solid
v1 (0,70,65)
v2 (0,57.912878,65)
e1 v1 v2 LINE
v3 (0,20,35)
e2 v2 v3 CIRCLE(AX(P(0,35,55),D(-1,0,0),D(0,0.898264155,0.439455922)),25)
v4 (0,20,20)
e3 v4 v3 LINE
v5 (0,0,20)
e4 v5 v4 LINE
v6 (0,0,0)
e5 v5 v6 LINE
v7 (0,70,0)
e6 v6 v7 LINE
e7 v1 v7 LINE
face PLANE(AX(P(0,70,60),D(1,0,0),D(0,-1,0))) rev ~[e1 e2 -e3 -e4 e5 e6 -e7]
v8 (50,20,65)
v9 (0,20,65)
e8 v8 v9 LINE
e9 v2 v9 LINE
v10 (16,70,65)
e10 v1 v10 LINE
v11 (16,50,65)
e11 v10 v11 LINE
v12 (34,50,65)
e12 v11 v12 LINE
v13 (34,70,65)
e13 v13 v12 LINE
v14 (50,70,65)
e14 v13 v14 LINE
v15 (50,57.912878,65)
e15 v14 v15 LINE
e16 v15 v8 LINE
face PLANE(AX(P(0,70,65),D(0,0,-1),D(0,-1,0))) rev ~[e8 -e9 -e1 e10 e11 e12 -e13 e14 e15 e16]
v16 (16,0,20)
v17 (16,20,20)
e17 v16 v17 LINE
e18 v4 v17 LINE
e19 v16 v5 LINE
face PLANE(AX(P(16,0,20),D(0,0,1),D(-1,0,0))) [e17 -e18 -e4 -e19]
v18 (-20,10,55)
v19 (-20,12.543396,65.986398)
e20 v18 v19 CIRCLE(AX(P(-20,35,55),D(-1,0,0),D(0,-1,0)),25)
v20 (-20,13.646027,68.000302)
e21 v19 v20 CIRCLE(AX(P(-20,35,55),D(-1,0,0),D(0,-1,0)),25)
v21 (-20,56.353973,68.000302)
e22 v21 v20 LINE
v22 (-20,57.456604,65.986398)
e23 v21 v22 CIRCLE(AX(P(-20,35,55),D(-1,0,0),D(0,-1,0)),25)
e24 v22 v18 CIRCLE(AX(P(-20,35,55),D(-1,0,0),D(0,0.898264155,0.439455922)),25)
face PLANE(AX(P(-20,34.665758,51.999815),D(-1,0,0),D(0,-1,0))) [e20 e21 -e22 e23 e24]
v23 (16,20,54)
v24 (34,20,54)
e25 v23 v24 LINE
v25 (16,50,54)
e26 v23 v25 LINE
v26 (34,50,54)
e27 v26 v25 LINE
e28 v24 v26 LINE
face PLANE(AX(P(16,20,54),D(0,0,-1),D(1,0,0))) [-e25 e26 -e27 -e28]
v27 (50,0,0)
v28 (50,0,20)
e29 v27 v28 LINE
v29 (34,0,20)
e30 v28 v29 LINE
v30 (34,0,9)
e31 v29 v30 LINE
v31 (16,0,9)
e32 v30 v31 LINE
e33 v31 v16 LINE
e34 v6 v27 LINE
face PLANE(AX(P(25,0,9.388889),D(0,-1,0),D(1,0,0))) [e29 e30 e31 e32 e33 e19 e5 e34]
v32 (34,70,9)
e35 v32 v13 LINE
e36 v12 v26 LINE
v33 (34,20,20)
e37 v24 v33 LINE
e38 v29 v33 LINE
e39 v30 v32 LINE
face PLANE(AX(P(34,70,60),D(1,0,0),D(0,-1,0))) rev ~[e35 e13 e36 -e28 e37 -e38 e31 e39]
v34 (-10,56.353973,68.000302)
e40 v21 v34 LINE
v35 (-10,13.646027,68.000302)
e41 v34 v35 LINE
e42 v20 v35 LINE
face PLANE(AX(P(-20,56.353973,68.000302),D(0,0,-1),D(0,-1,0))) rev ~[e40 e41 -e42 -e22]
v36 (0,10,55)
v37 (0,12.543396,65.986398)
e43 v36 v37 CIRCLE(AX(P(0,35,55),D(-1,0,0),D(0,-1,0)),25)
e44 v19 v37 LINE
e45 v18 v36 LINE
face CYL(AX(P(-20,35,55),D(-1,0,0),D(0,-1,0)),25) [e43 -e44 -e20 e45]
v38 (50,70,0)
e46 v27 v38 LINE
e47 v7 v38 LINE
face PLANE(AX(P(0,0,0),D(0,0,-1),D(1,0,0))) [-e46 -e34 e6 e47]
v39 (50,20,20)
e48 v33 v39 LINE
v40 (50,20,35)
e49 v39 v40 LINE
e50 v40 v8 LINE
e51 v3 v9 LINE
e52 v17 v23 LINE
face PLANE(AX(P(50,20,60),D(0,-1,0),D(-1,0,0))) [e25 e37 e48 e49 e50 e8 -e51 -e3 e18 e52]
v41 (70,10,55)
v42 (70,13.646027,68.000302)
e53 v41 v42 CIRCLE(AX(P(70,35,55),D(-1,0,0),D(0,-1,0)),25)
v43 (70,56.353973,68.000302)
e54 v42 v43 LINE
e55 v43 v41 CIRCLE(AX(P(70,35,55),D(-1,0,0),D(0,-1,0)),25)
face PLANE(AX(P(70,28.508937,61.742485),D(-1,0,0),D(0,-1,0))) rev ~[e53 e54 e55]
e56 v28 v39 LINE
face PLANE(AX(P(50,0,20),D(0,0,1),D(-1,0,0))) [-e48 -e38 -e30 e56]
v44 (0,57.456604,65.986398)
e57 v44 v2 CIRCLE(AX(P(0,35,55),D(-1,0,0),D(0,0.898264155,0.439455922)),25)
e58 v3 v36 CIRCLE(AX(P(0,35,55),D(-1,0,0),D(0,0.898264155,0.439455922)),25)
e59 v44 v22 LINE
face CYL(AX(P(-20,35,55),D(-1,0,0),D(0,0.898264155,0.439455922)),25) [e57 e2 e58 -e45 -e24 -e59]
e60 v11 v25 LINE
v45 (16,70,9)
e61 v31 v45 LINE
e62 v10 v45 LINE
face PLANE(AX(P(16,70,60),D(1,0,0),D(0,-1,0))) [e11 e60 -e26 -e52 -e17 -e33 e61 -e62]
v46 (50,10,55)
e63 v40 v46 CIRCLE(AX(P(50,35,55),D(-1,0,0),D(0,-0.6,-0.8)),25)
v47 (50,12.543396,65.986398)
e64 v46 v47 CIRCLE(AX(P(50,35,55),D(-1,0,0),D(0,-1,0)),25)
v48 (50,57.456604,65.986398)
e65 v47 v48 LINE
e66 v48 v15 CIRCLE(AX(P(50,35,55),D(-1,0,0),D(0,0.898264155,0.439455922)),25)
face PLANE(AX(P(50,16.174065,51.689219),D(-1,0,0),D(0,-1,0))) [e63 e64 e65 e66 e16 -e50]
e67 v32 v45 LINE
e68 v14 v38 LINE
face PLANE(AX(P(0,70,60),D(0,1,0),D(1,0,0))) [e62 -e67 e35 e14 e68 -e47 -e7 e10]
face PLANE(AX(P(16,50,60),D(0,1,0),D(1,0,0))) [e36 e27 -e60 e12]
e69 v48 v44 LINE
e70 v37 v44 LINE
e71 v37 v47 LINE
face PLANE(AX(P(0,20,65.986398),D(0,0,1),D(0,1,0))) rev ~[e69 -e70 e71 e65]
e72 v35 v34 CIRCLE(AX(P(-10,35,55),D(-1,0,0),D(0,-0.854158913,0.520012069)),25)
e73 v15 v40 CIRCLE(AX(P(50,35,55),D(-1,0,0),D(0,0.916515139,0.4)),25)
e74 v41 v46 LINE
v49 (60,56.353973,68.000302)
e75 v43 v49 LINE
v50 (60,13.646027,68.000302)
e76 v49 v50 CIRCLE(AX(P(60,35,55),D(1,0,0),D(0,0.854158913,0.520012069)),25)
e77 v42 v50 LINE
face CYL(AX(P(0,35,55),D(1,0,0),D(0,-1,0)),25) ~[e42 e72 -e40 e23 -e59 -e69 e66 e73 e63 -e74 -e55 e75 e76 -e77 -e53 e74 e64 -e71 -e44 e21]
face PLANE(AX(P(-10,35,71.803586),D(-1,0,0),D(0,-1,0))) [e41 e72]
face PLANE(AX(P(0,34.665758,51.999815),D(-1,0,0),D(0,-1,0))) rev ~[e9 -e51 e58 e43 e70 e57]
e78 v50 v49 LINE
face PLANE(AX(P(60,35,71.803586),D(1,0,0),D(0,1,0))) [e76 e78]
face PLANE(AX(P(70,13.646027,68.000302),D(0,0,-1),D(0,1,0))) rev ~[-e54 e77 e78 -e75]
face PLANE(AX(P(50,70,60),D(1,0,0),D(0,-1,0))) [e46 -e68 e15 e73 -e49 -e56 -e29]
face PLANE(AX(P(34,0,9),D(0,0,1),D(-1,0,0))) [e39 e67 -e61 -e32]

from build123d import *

# Parameters (mm, degrees)
F1_DEPTH  = 70
F2_W      = 16
F2_H      = 50
F3_DEPTH  = 45
F5_DEPTH  = 20
F6_DEPTH  = 90
F10_DEPTH = 10
F12_DEPTH = 10
F13_DEPTH = 20
F16_DEPTH = 50
F17_DEPTH = 25
F18_DEPTH = 5
F19_W     = 18
F19_H     = 19
F20_DEPTH = 50.001
F21_DEPTH = 5
F22_DEPTH = 20


with BuildPart() as f1:
    # F0 (on Front) → F1 (new body)
    with BuildSketch(Plane.XZ):
        Polygon((0, 20), (0, 0), (50, 0), (50, 20), (34, 20), (34, 9), (16, 9), (16, 20), align=None)
    extrude(amount=-F1_DEPTH)

    # F2 (on face) → F3 (join)
    with BuildSketch(Plane.XY.offset(20)):
        with Locations((8, 45)):
            Rectangle(F2_W, F2_H)
        with Locations((42, 45)):
            Rectangle(F2_W, F2_H)
    extrude(amount=F3_DEPTH)

    # F4 (on face) → F5 (join)
    with BuildSketch(Plane(origin=(0, 0, 0), x_dir=(0, -1, 0), z_dir=(-1, 0, 0))):
        with BuildLine():
            ThreePointArc((-20, 35), (-12.639320225, 43.8196601125), (-10, 55))
            ThreePointArc((-10, 55), (-29.8922589078, 79.4726578233), (-57.9128784748, 65))
            Line((-57.9128784748, 65), (-20, 65))
            Line((-20, 65), (-20, 35))
        make_face()
        with BuildLine():
            Line((-20, 65), (-57.9128784748, 65))
            ThreePointArc((-57.9128784748, 65), (-50.5130078141, 35.3952406656), (-20, 35))
            Line((-20, 35), (-20, 65))
        make_face()
    extrude(amount=F5_DEPTH)

    # F6 (add): a face of the model
    f6_faces = [f1.faces().sort_by_distance(p)[0] for p in [
        (-20, 35, 55),
    ]]
    extrude(f6_faces, amount=-F6_DEPTH)

    # F9 (on face) → F10 (cut)
    with BuildSketch(Plane(origin=(-20, 0, 0), x_dir=(0, -1, 0), z_dir=(-1, 0, 0))):
        with BuildLine():
            ThreePointArc((-13.6460271844, 68.0003017268), (-35, 80), (-56.3539728156, 68.0003017268))
            Line((-56.3539728156, 68.0003017268), (-13.6460271844, 68.0003017268))
        make_face()
    extrude(amount=-F10_DEPTH, mode=Mode.SUBTRACT)

    # F11 (on face) → F12 (cut)
    with BuildSketch(Plane.YZ.offset(70)):
        with BuildLine():
            ThreePointArc((56.3539728156, 68.0003017268), (35, 80), (13.6460271844, 68.0003017268))
            Line((13.6460271844, 68.0003017268), (56.3539728156, 68.0003017268))
        make_face()
    extrude(amount=-F12_DEPTH, mode=Mode.SUBTRACT)

    # F8 (on face) → F13 (cut)
    with BuildSketch(Plane(origin=(-20, 0, 0), x_dir=(0, -1, 0), z_dir=(-1, 0, 0))):
        with BuildLine():
            Line((-12.5433961203, 65.9863980535), (-35.1228261001, 65.9863980535))
            Line((-35.1228261001, 65.9863980535), (-35.1228261001, 30.0003017268))
            ThreePointArc((-35.1228261001, 30.0003017268), (-17.3658095239, 37.2789580935), (-10, 55))
            ThreePointArc((-10, 55), (-10.6441475514, 60.6384795383), (-12.5433961203, 65.9863980535))
        make_face()
        with BuildLine():
            Line((-35.1228261001, 30.0003017268), (-35.1228261001, 65.9863980535))
            Line((-35.1228261001, 65.9863980535), (-57.4566038797, 65.9863980535))
            ThreePointArc((-57.4566038797, 65.9863980535), (-56.2416441633, 41.816959636), (-35.1228261001, 30.0003017268))
        make_face()
    extrude(amount=-F13_DEPTH, mode=Mode.SUBTRACT)

    # F15 (on face) + F14 (on face) → F16 (cut)
    with BuildSketch(Plane(origin=(0, 0, 0), x_dir=(0, -1, 0), z_dir=(-1, 0, 0))):
        with BuildLine():
            Line((-70, 65), (-70, 35))
            Line((-70, 35), (-20, 35))
            Line((-20, 35), (-20, 65.9863980535))
            Line((-20, 65.9863980535), (-57.4566038797, 65.9863980535))
            ThreePointArc((-57.4566038797, 65.9863980535), (-57.6901019733, 65.4956787508), (-57.9128784748, 65))
            Line((-57.9128784748, 65), (-70, 65))
        make_face()
    with BuildSketch(Plane(origin=(0, 0, 0), x_dir=(0, -1, 0), z_dir=(-1, 0, 0))):
        with BuildLine():
            Line((-20, 65.9863980535), (-20, 35))
            ThreePointArc((-20, 35), (-12.639320225, 43.8196601125), (-10, 55))
            ThreePointArc((-10, 55), (-10.6441475514, 60.6384795383), (-12.5433961203, 65.9863980535))
            Line((-12.5433961203, 65.9863980535), (-20, 65.9863980535))
        make_face()
    extrude(amount=-F16_DEPTH, mode=Mode.SUBTRACT)

    # F17 (add): a face of the model
    f17_faces = [f1.faces().sort_by_distance(p)[0] for p in [
        (25, 42.476635514, 35),
    ]]
    extrude(f17_faces, amount=F17_DEPTH)

    # F18 (add): a face of the model
    f18_faces = [f1.faces().sort_by_distance(p)[0] for p in [
        (25, 42.476635514, 60),
    ]]
    extrude(f18_faces, amount=F18_DEPTH)

    # F19 (on face) → F20 (cut, through all)
    with BuildSketch(Plane.XZ.offset(-20)):
        with Locations((25, 44.5)):
            Rectangle(F19_W, F19_H)
    extrude(amount=-F20_DEPTH, mode=Mode.SUBTRACT)

    # F21 (cut, through all): a face of the model
    f21_faces = [f1.faces().sort_by_distance(p)[0] for p in [
        (25, 35, 35),
    ]]
    extrude(f21_faces, amount=-F21_DEPTH, mode=Mode.SUBTRACT)

    # F7 (on face) → F22 (join)
    with BuildSketch(Plane(origin=(-20, 0, 0), x_dir=(0, -1, 0), z_dir=(-1, 0, 0))):
        with BuildLine():
            Line((-12.5433961203, 65.9863980535), (-57.4566038797, 65.9863980535))
            ThreePointArc((-57.4566038797, 65.9863980535), (-40.6384795383, 30.6441475514), (-10, 55))
            ThreePointArc((-10, 55), (-10.6441475514, 60.6384795383), (-12.5433961203, 65.9863980535))
        make_face()
    extrude(amount=-F22_DEPTH)


solid = f1.part
